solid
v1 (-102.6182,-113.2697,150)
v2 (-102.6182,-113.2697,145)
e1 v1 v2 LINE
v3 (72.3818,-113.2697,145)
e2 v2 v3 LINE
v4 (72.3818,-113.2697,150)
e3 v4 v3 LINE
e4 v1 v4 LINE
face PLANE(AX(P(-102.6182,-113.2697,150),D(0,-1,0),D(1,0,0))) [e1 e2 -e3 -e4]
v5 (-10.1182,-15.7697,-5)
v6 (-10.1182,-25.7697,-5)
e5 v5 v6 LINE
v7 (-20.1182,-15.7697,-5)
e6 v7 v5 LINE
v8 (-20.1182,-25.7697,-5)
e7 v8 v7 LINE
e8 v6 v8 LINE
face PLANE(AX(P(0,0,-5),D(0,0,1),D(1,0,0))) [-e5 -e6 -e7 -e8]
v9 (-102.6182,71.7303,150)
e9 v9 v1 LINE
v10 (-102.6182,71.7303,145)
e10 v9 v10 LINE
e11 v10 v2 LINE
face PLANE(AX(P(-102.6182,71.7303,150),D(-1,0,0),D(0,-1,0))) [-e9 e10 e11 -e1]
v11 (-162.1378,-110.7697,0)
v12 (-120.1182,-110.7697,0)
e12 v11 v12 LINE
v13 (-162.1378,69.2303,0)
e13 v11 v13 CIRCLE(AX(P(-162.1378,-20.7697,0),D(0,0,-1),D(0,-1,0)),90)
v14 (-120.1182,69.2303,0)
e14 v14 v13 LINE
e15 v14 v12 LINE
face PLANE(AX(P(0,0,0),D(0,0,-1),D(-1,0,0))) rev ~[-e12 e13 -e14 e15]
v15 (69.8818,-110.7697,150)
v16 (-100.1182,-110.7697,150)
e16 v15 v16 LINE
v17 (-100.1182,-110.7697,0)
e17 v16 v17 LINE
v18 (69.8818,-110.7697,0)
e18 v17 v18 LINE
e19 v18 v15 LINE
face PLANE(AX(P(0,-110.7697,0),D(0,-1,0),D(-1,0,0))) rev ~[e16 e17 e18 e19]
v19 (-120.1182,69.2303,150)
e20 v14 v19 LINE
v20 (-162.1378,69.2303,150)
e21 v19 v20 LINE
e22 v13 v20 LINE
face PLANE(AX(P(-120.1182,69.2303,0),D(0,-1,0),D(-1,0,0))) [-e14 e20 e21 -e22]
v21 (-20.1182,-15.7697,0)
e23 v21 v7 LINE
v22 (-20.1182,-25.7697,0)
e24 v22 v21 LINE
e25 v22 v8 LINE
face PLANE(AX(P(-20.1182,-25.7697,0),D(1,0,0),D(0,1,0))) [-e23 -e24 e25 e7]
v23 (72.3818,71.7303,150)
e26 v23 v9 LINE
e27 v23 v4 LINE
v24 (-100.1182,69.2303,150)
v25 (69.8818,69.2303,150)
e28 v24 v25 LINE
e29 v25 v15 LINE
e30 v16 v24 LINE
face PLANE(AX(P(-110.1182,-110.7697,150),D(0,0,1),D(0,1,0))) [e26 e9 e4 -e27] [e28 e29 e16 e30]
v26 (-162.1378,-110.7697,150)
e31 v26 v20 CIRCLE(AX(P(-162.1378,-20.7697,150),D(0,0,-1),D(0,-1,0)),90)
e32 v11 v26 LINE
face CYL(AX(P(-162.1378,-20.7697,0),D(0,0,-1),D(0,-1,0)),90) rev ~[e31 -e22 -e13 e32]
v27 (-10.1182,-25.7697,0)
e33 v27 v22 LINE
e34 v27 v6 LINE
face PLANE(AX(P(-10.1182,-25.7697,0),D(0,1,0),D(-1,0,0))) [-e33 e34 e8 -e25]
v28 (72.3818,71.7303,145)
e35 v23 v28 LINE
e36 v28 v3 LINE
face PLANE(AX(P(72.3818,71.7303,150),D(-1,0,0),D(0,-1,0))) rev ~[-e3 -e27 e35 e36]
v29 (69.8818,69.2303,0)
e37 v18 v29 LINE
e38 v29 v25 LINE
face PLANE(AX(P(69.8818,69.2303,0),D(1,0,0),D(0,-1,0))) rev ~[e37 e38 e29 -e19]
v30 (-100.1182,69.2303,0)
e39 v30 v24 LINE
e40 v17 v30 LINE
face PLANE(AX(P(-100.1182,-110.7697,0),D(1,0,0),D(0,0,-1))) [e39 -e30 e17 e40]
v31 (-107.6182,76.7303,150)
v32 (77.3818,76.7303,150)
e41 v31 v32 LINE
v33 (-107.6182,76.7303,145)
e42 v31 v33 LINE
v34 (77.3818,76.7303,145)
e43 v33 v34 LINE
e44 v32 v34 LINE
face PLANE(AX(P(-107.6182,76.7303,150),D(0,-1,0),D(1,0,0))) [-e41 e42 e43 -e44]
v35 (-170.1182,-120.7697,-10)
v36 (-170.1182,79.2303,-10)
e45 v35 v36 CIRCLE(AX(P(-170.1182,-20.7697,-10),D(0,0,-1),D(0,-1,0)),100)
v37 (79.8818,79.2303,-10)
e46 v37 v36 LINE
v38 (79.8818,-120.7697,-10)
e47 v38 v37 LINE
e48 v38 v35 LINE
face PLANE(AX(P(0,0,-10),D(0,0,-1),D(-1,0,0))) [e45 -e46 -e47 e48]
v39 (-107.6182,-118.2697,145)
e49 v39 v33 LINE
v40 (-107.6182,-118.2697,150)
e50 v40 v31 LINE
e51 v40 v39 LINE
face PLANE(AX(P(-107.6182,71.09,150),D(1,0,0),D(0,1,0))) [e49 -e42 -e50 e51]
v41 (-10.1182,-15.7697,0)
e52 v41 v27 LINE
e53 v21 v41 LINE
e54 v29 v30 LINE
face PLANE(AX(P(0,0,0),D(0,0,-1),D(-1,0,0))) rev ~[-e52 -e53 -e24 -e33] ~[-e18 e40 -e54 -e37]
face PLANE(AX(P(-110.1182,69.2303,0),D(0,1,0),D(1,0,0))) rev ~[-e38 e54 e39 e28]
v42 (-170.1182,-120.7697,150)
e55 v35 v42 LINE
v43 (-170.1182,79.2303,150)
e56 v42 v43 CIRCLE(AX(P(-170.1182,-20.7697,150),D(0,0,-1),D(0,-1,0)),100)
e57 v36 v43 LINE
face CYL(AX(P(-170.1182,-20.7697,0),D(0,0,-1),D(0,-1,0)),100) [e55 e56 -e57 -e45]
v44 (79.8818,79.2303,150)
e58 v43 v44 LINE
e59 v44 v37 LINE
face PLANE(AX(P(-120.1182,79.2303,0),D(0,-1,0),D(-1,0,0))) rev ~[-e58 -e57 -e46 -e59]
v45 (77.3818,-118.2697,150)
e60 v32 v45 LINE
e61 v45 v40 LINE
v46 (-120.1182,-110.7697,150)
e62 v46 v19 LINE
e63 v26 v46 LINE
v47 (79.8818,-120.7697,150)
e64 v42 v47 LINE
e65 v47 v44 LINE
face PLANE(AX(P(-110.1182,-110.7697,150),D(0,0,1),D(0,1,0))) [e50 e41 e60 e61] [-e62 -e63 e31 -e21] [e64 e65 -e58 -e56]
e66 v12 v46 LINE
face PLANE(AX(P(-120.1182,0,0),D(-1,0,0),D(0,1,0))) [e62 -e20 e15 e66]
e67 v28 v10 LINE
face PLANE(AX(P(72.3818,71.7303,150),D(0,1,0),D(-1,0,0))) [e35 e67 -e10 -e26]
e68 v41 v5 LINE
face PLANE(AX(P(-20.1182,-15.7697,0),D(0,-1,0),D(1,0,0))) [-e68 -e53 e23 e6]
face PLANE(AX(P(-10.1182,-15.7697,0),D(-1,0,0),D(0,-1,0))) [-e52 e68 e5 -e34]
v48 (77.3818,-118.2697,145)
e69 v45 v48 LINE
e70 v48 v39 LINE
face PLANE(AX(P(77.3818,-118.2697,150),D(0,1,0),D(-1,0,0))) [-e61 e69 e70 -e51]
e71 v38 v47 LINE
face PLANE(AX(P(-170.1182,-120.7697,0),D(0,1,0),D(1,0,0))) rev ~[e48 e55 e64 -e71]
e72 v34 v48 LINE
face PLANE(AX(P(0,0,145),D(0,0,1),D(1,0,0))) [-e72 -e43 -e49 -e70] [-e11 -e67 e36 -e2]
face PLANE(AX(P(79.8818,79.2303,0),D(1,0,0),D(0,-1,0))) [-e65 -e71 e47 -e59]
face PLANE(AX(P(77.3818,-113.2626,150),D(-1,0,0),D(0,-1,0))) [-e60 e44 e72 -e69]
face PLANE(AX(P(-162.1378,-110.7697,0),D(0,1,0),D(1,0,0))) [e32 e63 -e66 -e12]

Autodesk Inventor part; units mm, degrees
ref_plane "YZ Plane" through (0, 0, 0) normal (1, 0, 0) x (0, 1, 0)
ref_plane "XZ Plane" through (0, 0, 0) normal (0, 1, 0) x (-1, 0, 0)
ref_plane "XY Plane" through (0, 0, 0) normal (0, 0, 1) x (1, 0, 0)
sketch "Skizze1" plane through (0, 0, 0) normal (0, 0, 1) x (1, 0, 0)
  line L0 (-160.1182, 0) -> (119.8818, 0) projected
  line L1 (0, -160.7697) -> (0, 119.2303) projected
  line L2 (-120.1182, 79.2303) -> (79.8818, 79.2303)
  line L3 (79.8818, 79.2303) -> (79.8818, -120.7697)
  line L4 (79.8818, -120.7697) -> (-120.1182, -120.7697)
  line L5 (-120.1182, -120.7697) -> (-120.1182, 79.2303)
  line L6 (-110.1182, 69.2303) -> (69.8818, 69.2303)
  line L7 (69.8818, 69.2303) -> (69.8818, -110.7697)
  line L8 (69.8818, -110.7697) -> (-110.1182, -110.7697)
  line L9 (-110.1182, -110.7697) -> (-110.1182, 69.2303)
  point P0 (0, 0)
  dimension "d0" = 200
  dimension "d1" = 200
  dimension "d2" = 10
  dimension "d3" = 10
  dimension "d4" = 10
  dimension "d5" = 10
extrude "Extrusion1" add sketch "Skizze1" along normal blind 150 contours L5 L2 L1 L6 L9 L0 | L0 L9 L8 L1 L4 L5 | L1 L8 L7 L0 L3 L4 | L2 L3 L0 L7 L6 L1
sketch "Skizze2" plane through (-120.1182, -120.7697, 0) normal (-1, 0, 0) x (0, 0, 1)
  point P0 (0, 120.7697)
sketch "Skizze3" plane through (-120.1182, -120.7697, 0) normal (-1, 0, 0) x (0, 0, 1)
  point P0 (0, 120.7697)
sketch "Skizze4" plane through (-120.1182, -120.7697, 0) normal (-1, 0, 0) x (0, 0, 1)
  point P0 (0, 120.7697)
sketch "Skizze5" plane through (-120.1182, -120.7697, 0) normal (-1, 0, 0) x (0, 0, 1)
  point P0 (0, 120.7697)
sketch "Skizze6" plane through (-120.1182, -120.7697, 0) normal (-1, 0, 0) x (0, 0, 1)
  point P0 (0, 120.7697)
sketch "Skizze7" plane through (0, 0, 0) normal (0, 0, -1) x (-1, 0, 0)
  line L0 (120.1182, 79.2303) -> (120.1182, -120.7697) projected
  line L1 (120.1182, 79.2303) -> (170.1182, 79.2303)
  line L2 (170.1182, -120.7697) -> (120.1182, -120.7697)
  line L3 (120.1182, -120.7697) -> (120.1182, 79.2303)
  arc A0 (170.1182, -120.7697) -> (170.1182, 79.2303) centre (170.1182, -20.7697) ccw
  line L4 (120.1182, 69.2303) -> (162.1378, 69.2303)
  line L5 (162.1378, -110.7697) -> (120.1182, -110.7697)
  line L6 (120.1182, -110.7697) -> (120.1182, 69.2303)
  arc A1 (162.1378, -110.7697) -> (162.1378, 69.2303) centre (162.1378, -20.7697) ccw
  point P0 (0, 0)
  dimension "d9" = 10
  dimension "d10" = 10
extrude "Extrusion2" add sketch "Skizze7" against normal blind 150 contours L1 A0 L2 L0 L5 A1 L4
sketch "Skizze8" plane through (-110.1182, -110.7697, 0) normal (1, 0, 0) x (0, 0, -1)
  line L0 (-150, 0) -> (-150, 180) projected
  line L1 (0, 0) -> (0, 180) projected
  line L2 (-150, 0) -> (0, 0)
  line L3 (0, 0) -> (0, 180)
  line L4 (0, 180) -> (-150, 180)
  line L5 (-150, 180) -> (-150, 0)
  point P0 (0, 110.7697)
extrude "Extrusion3" add sketch "Skizze8" along normal blind 10
sketch "Skizze9" plane through (0, 0, 0) normal (0, 0, -1) x (-1, 0, 0)
  line L0 (-79.8818, 79.2303) -> (170.1182, 79.2303) projected
  line L1 (-79.8818, 79.2303) -> (120.1182, 79.2303)
  line L2 (120.1182, 79.2303) -> (120.1182, -110.7697)
  line L3 (120.1182, -110.7697) -> (-79.8818, -110.7697)
  line L4 (-79.8818, -110.7697) -> (-79.8818, 79.2303)
  arc A0 (170.1182, -120.7697) -> (170.1182, 79.2303) centre (170.1182, -20.7697) ccw projected
  arc A1 (170.1182, -120.7697) -> (170.1182, 79.2303) centre (170.1182, -20.7697) ccw
  line L5 (120.1182, 79.2303) -> (170.1182, 79.2303)
  line L6 (-79.8818, -120.7697) -> (170.1182, -120.7697) projected
  line L7 (120.1182, -120.7697) -> (170.1182, -120.7697)
  line L8 (120.1182, -110.7697) -> (-79.8818, -110.7697)
  line L9 (-79.8818, -110.7697) -> (-79.8818, -120.7697)
  line L10 (-79.8818, -120.7697) -> (120.1182, -120.7697)
  line L11 (120.1182, -120.7697) -> (120.1182, -110.7697)
  point P0 (0, 0)
  point P1 (-79.8818, -110.7697)
extrude "Extrusion4" add sketch "Skizze9" along normal blind 10
sketch "Skizze10" plane through (0, 0, 150) normal (0, 0, 1) x (1, 0, 0)
  point P0 (0, 0)
sketch "Skizze11" plane through (0, 0, 150) normal (0, 0, 1) x (1, 0, 0)
  line L0 (-107.6182, 76.7303) -> (77.3818, 76.7303)
  line L1 (77.3818, 76.7303) -> (77.3818, 71.09)
  line L2 (72.3818, 71.7303) -> (-102.6182, 71.7303)
  line L3 (-107.6182, 71.09) -> (-107.6182, 76.7303)
  line L4 (77.3818, -113.2626) -> (77.3818, -118.2697)
  line L5 (77.3818, -118.2697) -> (-107.6182, -118.2697)
  line L6 (-107.6182, -118.2697) -> (-107.6182, -113.2626)
  line L7 (77.3818, -113.2626) -> (77.3818, 71.09)
  line L8 (72.3818, 71.7303) -> (72.3818, -113.2697)
  line L9 (-102.6182, 71.7303) -> (-102.6182, -113.2697)
  line L10 (-107.6182, -113.2626) -> (-107.6182, 71.09)
  line L11 (-107.6182, -113.2626) -> (-107.6182, -113.2626)
  line L12 (-102.6182, -113.2697) -> (72.3818, -113.2697)
  line L13 (77.3818, -113.2626) -> (77.3818, -113.2626)
  line L14 (79.8818, 79.2303) -> (-170.1182, 79.2303) projected
  line L15 (79.8818, -120.7697) -> (79.8818, 79.2303) projected
  line L16 (-100.1182, 69.2303) -> (69.8818, 69.2303) projected
  line L17 (69.8818, 69.2303) -> (69.8818, -110.7697) projected
  line L18 (69.8818, -110.7697) -> (-100.1182, -110.7697) projected
  line L19 (-170.1182, -120.7697) -> (79.8818, -120.7697) projected
  line L20 (-100.1182, 69.2303) -> (-100.1182, -110.7697) projected
  point P0 (0, 0)
  dimension "d17" = 2.5
  dimension "d18" = 2.5
  dimension "d19" = 2.5
  dimension "d20" = 2.5
  dimension "d21" = 2.5
  dimension "d22" = 2.5
  dimension "d23" = 2.5
  dimension "d24" = 2.5
  dimension "d25" = 5
  dimension "d26" = 5
extrude "Extrusion5" cut sketch "Skizze11" against normal blind 5 contours L0 L1 L7 L4 L5 L6 L10 L3
sketch "Skizze12" plane through (0, 0, 0) normal (0, 0, 1) x (1, 0, 0)
  line L0 (-100.1182, 69.2303) -> (69.8818, 69.2303) projected
  line L1 (69.8818, 69.2303) -> (69.8818, -110.7697) projected
  line L2 (-20.1182, -15.7697) -> (-10.1182, -15.7697)
  line L3 (-10.1182, -15.7697) -> (-10.1182, -25.7697)
  line L4 (-10.1182, -25.7697) -> (-20.1182, -25.7697)
  line L5 (-20.1182, -25.7697) -> (-20.1182, -15.7697)
  point P0 (0, 0)
  point P1 (-15.1182, -20.7697)
  dimension "d29" = 90
  dimension "d30" = 85
  dimension "d31" = 5
  dimension "d32" = 5
  dimension "d33" = 5
  dimension "d34" = 5
extrude "Extrusion6" cut sketch "Skizze12" against normal blind 5
properties part number "BetterPrototyp"
